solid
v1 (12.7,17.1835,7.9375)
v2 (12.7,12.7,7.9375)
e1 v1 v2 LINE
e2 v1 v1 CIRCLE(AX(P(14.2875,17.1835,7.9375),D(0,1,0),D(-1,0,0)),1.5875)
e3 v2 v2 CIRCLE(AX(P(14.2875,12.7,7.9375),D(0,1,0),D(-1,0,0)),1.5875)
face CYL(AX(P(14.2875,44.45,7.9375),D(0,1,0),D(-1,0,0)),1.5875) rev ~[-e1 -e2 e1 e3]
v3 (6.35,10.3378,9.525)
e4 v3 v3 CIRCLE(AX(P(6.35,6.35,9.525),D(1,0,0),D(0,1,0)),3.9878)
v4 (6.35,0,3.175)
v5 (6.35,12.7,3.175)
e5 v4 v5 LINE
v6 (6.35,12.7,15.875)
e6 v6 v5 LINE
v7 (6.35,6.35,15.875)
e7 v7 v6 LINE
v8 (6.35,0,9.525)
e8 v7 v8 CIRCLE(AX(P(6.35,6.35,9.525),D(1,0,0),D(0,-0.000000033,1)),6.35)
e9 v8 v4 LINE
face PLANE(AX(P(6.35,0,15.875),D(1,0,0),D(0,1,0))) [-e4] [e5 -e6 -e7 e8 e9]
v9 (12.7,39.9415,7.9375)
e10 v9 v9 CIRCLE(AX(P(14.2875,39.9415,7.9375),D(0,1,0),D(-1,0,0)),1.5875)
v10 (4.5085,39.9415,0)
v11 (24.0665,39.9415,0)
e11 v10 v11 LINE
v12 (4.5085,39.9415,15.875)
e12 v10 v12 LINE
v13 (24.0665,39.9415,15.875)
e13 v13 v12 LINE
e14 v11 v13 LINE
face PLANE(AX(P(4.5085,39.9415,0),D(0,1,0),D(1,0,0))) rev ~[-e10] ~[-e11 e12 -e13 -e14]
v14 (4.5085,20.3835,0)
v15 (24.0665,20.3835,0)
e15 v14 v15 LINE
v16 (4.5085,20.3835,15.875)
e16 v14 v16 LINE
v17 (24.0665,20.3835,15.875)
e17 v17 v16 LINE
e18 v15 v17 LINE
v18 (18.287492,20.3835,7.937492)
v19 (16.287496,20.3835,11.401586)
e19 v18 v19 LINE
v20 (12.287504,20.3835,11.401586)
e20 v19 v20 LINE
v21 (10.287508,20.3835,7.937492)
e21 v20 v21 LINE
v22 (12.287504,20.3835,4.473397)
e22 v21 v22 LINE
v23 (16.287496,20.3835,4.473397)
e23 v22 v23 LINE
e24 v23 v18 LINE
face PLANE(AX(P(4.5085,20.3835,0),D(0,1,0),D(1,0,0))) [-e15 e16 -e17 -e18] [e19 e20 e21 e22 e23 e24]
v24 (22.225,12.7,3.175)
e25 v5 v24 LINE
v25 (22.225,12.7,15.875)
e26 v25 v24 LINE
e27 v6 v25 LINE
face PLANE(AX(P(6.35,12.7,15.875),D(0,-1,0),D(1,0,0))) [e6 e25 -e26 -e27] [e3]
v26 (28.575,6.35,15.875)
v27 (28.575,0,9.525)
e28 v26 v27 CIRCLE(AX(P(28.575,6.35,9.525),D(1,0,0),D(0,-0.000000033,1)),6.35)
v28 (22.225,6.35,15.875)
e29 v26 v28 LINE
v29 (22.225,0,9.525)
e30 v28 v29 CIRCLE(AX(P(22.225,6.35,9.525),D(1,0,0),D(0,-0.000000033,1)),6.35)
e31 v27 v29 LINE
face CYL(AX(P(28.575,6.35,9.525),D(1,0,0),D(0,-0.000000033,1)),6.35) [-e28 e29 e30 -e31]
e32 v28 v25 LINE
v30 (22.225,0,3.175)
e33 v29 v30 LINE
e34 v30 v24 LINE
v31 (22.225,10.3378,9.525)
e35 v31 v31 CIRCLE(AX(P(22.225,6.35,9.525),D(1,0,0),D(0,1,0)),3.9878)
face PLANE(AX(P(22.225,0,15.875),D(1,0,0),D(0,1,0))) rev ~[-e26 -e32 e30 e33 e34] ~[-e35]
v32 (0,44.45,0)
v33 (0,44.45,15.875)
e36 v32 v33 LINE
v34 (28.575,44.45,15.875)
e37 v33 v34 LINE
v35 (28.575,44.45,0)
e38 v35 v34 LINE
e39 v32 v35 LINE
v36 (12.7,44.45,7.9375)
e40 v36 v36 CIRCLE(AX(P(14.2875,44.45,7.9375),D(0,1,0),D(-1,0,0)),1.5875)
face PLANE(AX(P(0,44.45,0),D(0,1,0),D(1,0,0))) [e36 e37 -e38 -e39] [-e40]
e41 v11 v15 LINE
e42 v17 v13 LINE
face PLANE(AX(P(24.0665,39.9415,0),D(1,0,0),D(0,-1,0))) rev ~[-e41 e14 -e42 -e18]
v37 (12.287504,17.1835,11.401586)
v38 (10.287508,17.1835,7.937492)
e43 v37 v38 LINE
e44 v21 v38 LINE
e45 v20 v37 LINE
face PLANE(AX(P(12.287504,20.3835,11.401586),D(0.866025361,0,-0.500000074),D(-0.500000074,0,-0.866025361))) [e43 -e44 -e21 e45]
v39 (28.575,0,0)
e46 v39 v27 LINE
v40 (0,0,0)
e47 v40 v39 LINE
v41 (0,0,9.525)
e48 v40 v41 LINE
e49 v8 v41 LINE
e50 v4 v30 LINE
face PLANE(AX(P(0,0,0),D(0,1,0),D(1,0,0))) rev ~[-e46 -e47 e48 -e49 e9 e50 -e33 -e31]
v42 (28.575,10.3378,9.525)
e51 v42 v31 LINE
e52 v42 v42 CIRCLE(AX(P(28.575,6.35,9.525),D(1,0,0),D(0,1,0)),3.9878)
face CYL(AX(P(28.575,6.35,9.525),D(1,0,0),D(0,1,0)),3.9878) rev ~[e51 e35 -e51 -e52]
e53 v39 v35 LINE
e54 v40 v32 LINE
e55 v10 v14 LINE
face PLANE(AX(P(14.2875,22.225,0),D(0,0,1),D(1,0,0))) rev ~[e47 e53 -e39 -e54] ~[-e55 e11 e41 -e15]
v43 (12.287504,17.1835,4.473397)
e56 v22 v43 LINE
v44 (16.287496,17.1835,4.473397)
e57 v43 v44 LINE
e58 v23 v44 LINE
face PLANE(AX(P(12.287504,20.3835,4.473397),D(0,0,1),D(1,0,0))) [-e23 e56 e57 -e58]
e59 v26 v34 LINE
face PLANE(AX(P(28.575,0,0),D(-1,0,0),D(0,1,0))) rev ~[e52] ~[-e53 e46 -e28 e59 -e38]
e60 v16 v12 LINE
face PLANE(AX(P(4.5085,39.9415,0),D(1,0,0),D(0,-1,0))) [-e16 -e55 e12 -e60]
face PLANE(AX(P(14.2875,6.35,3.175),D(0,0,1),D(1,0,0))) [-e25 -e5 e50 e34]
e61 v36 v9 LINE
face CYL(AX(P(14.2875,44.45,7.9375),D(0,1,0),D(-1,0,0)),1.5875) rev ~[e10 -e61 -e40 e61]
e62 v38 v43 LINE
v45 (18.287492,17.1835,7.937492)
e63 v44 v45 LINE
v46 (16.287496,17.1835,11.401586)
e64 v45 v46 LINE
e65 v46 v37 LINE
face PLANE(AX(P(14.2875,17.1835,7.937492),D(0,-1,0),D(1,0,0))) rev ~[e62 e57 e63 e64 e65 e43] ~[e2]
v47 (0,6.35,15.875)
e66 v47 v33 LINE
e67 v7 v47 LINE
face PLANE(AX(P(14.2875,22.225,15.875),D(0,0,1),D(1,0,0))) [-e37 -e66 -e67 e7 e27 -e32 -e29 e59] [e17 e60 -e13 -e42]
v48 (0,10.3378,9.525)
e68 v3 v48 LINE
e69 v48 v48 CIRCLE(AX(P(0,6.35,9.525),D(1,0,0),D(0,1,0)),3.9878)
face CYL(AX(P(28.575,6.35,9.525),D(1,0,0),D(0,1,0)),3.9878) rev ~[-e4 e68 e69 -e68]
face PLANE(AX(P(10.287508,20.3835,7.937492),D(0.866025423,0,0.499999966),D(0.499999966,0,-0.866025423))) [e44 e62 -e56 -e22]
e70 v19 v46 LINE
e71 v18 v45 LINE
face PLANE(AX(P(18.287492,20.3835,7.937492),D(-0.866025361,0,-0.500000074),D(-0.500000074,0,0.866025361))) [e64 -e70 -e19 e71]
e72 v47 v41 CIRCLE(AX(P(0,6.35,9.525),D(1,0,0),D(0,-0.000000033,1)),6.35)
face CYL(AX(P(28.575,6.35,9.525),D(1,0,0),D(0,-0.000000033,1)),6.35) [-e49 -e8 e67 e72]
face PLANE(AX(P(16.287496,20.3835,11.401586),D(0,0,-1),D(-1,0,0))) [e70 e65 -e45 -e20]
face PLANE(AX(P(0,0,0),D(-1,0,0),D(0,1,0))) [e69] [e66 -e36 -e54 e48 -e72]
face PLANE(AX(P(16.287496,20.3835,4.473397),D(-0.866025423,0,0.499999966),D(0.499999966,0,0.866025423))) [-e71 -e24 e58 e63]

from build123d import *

# Parameters (mm, degrees)
SKETCH_W        = 28.575
SKETCH_H        = 44.45
PAD_DEPTH       = 15.875
SKETCH002_W     = 19.558
SKETCH002_H     = 19.558
POCKET_DEPTH    = 15.876
SKETCH003_W     = 15.875
SKETCH003_H     = 12.7
POCKET001_DEPTH = 12.7
SKETCH004_R     = 3.9878
POCKET002_DEPTH = 28.576
SKETCH005_R     = 1.5875
POCKET003_DEPTH = 44.451
POCKET004_DEPTH = 3.2


with BuildPart() as part:
    # Sketch → Pad (new body)
    with BuildSketch(Plane.XY):
        with Locations((14.2875, 22.225)):
            Rectangle(SKETCH_W, SKETCH_H)
    extrude(amount=PAD_DEPTH)

    # Sketch002 → Pocket (cut, through all)
    with BuildSketch(Plane(origin=(0, 0, 0), x_dir=(1, 0, 0), z_dir=(0, 0, -1))):
        with Locations((14.2875, -30.1625)):
            Rectangle(SKETCH002_W, SKETCH002_H)
    extrude(amount=-POCKET_DEPTH, mode=Mode.SUBTRACT)

    # Sketch003 → Pocket001 (cut)
    with BuildSketch(Plane.XY.offset(15.875)):
        with Locations((14.2875, 6.35)):
            Rectangle(SKETCH003_W, SKETCH003_H)
    extrude(amount=-POCKET001_DEPTH, mode=Mode.SUBTRACT)

    # Sketch004 → Pocket002 (cut, through all)
    with BuildSketch(Plane.YZ.offset(28.575)):
        with Locations((6.35, 9.525)):
            Circle(SKETCH004_R)
        with BuildLine():
            ThreePointArc((6.35, 15.875), (1.859872, 14.015128), (0, 9.525))
            Line((0, 9.525), (0, 15.875))
            Line((0, 15.875), (6.35, 15.875))
        make_face()
    extrude(amount=-POCKET002_DEPTH, mode=Mode.SUBTRACT)

    # Sketch005 → Pocket003 (cut, through all)
    with BuildSketch(Plane(origin=(0, 44.45, 0), x_dir=(-1, 0, 0), z_dir=(0, 1, 0))):
        with Locations((-14.2875, 7.9375)):
            Circle(SKETCH005_R)
    extrude(amount=-POCKET003_DEPTH, mode=Mode.SUBTRACT)

    # Sketch006 → Pocket004 (cut)
    with BuildSketch(Plane(origin=(0, 20.3835, 0), x_dir=(-1, 0, 0), z_dir=(0, 1, 0))):
        Polygon((-16.287496, 11.401586), (-12.287504, 11.401586), (-10.287508, 7.937492), (-12.287504, 4.473397), (-16.287496, 4.473397), (-18.287492, 7.937492), align=None)
    extrude(amount=-POCKET004_DEPTH, mode=Mode.SUBTRACT)


solid = part.part
